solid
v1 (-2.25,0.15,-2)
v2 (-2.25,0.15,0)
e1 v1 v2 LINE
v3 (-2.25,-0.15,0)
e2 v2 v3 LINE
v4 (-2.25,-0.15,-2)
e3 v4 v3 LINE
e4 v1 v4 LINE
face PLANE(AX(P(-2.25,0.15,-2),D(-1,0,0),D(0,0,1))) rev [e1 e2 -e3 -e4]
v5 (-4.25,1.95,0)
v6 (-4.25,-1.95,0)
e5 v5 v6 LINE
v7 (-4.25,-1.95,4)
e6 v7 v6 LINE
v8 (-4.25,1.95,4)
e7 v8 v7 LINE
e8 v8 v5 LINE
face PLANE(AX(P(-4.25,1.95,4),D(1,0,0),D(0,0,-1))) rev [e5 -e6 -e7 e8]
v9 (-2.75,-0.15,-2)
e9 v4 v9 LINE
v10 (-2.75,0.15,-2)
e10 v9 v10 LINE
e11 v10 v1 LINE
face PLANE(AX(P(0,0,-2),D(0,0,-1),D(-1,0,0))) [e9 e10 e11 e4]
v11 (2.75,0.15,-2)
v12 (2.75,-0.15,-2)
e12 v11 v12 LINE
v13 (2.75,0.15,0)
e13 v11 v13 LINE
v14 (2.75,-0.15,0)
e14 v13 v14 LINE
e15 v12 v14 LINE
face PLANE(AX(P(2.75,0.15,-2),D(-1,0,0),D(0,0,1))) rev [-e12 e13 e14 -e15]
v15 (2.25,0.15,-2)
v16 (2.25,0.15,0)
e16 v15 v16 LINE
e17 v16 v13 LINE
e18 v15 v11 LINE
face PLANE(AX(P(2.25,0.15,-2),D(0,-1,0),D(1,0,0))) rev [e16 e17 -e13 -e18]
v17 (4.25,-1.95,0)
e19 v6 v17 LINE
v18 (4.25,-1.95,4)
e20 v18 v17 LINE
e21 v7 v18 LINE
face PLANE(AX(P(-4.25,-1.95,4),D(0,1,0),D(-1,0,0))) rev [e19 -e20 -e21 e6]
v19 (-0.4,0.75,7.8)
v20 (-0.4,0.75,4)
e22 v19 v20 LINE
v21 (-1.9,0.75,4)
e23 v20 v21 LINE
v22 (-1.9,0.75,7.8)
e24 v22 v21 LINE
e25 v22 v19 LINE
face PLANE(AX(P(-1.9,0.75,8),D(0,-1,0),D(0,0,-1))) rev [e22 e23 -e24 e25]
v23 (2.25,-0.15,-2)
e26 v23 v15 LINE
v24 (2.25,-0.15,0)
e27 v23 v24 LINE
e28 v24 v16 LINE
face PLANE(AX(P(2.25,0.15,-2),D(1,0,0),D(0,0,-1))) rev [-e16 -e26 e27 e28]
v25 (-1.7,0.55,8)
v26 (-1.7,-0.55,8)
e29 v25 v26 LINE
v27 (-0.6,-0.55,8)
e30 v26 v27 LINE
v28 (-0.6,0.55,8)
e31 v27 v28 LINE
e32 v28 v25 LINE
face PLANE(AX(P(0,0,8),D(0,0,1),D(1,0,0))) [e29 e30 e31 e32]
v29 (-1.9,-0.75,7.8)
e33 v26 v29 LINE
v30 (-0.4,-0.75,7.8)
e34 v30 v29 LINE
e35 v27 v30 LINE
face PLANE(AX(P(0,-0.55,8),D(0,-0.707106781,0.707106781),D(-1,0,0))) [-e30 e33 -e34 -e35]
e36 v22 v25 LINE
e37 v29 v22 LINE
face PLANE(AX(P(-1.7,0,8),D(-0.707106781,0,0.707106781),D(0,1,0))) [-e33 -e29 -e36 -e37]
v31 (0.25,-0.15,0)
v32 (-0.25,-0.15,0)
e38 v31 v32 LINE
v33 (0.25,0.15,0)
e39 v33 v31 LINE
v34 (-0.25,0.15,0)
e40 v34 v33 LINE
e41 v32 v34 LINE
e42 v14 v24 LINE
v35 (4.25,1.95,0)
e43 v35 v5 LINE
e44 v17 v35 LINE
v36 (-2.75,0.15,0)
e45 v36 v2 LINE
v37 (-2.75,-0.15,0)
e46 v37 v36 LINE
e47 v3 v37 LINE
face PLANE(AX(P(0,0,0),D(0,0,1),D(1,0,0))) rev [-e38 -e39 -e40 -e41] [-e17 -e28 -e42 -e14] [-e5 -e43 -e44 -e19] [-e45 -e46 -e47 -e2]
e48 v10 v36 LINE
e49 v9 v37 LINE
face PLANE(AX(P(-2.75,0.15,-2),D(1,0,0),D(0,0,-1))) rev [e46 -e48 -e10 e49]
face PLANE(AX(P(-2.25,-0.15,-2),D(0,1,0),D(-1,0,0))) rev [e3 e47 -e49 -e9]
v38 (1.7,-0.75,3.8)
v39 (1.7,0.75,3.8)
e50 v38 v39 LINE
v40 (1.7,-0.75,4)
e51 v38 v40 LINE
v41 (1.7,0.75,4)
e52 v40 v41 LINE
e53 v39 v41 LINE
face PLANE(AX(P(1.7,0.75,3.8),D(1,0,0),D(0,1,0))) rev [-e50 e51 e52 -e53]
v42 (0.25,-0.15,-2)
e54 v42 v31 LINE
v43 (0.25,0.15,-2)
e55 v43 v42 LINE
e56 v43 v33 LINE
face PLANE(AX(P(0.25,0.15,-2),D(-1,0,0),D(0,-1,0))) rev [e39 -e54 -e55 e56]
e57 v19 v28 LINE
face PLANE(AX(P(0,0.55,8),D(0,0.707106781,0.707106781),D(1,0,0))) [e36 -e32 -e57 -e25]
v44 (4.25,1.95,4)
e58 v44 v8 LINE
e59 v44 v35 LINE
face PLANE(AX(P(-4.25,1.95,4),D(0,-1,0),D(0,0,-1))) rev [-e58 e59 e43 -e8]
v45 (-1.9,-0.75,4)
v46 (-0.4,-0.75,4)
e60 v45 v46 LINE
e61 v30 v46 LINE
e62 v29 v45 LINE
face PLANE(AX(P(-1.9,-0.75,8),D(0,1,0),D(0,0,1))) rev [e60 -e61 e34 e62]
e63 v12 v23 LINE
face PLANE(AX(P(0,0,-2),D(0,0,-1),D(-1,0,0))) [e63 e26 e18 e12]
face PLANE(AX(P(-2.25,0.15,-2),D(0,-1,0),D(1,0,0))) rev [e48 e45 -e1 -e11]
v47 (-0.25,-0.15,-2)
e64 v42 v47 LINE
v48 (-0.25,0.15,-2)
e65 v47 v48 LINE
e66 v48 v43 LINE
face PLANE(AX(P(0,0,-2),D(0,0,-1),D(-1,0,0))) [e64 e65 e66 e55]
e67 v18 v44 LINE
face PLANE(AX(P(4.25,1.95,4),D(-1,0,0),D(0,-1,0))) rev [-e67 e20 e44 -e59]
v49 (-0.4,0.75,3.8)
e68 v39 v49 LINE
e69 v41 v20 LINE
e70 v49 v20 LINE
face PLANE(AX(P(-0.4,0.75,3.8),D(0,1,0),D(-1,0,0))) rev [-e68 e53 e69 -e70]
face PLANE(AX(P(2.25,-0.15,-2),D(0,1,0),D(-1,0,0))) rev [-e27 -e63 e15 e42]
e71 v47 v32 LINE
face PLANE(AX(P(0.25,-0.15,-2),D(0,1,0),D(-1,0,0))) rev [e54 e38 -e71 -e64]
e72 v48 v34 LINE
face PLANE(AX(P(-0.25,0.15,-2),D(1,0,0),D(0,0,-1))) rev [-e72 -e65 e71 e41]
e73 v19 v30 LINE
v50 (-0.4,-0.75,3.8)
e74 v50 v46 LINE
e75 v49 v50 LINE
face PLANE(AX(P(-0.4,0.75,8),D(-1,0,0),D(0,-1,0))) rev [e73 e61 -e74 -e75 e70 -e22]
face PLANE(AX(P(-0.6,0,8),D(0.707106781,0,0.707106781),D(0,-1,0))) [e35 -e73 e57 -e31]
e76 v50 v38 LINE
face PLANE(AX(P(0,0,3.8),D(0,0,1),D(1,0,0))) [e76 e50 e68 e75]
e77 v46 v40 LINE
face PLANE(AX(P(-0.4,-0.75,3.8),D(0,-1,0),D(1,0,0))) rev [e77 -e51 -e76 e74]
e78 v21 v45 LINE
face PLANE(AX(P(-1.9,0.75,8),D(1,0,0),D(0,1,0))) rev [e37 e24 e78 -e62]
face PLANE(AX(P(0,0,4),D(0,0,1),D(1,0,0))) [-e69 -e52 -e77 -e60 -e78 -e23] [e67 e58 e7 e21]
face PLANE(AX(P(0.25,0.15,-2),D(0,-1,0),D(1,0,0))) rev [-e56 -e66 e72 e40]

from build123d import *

# Parameters (mm, degrees)
SKETCH1_W           = 8.5
SKETCH1_H           = 3.9
BOSS_EXTRUDE1_DEPTH = 4
SKETCH2_W           = 1.5
SKETCH2_H           = 1.5
BOSS_EXTRUDE2_DEPTH = 4
CHAMFER1_SIZE       = 0.2
SKETCH3_W           = 2.1
SKETCH3_H           = 1.5
CUT_EXTRUDE1_DEPTH  = 0.2
SKETCH4_W           = 0.5
SKETCH4_H           = 0.3
BOSS_EXTRUDE3_DEPTH = 2


with BuildPart() as part:
    # Sketch1 → Boss-Extrude1 (new body)
    with BuildSketch(Plane.XY):
        Rectangle(SKETCH1_W, SKETCH1_H)
    extrude(amount=BOSS_EXTRUDE1_DEPTH)

    # Sketch2 → Boss-Extrude2 (add)
    with BuildSketch(Plane.XY.offset(4)):
        with Locations((-1.15, 0)):
            Rectangle(SKETCH2_W, SKETCH2_H)
    extrude(amount=BOSS_EXTRUDE2_DEPTH)

    # Chamfer1
    chamfer1_edges = [part.edges().sort_by_distance(p)[0] for p in [
        (-0.4, 0, 8),
        (-1.15, 0.75, 8),
        (-1.9, 0, 8),
        (-1.15, -0.75, 8),
    ]]
    chamfer(chamfer1_edges, length=CHAMFER1_SIZE)

    # Sketch3 → Cut-Extrude1 (cut)
    with BuildSketch(Plane.XY.offset(4)):
        with Locations((0.65, 0)):
            Rectangle(SKETCH3_W, SKETCH3_H)
    extrude(amount=-CUT_EXTRUDE1_DEPTH, mode=Mode.SUBTRACT)

    # Sketch4 → Boss-Extrude3 (add)
    with BuildSketch(Plane(origin=(0, 0, 0), x_dir=(-1, 0, 0), z_dir=(0, 0, -1))):
        Rectangle(SKETCH4_W, SKETCH4_H)
        with Locations((2.5, 0)):
            Rectangle(SKETCH4_W, SKETCH4_H)
        with Locations((-2.5, 0)):
            Rectangle(SKETCH4_W, SKETCH4_H)
    extrude(amount=BOSS_EXTRUDE3_DEPTH)


solid = part.part
